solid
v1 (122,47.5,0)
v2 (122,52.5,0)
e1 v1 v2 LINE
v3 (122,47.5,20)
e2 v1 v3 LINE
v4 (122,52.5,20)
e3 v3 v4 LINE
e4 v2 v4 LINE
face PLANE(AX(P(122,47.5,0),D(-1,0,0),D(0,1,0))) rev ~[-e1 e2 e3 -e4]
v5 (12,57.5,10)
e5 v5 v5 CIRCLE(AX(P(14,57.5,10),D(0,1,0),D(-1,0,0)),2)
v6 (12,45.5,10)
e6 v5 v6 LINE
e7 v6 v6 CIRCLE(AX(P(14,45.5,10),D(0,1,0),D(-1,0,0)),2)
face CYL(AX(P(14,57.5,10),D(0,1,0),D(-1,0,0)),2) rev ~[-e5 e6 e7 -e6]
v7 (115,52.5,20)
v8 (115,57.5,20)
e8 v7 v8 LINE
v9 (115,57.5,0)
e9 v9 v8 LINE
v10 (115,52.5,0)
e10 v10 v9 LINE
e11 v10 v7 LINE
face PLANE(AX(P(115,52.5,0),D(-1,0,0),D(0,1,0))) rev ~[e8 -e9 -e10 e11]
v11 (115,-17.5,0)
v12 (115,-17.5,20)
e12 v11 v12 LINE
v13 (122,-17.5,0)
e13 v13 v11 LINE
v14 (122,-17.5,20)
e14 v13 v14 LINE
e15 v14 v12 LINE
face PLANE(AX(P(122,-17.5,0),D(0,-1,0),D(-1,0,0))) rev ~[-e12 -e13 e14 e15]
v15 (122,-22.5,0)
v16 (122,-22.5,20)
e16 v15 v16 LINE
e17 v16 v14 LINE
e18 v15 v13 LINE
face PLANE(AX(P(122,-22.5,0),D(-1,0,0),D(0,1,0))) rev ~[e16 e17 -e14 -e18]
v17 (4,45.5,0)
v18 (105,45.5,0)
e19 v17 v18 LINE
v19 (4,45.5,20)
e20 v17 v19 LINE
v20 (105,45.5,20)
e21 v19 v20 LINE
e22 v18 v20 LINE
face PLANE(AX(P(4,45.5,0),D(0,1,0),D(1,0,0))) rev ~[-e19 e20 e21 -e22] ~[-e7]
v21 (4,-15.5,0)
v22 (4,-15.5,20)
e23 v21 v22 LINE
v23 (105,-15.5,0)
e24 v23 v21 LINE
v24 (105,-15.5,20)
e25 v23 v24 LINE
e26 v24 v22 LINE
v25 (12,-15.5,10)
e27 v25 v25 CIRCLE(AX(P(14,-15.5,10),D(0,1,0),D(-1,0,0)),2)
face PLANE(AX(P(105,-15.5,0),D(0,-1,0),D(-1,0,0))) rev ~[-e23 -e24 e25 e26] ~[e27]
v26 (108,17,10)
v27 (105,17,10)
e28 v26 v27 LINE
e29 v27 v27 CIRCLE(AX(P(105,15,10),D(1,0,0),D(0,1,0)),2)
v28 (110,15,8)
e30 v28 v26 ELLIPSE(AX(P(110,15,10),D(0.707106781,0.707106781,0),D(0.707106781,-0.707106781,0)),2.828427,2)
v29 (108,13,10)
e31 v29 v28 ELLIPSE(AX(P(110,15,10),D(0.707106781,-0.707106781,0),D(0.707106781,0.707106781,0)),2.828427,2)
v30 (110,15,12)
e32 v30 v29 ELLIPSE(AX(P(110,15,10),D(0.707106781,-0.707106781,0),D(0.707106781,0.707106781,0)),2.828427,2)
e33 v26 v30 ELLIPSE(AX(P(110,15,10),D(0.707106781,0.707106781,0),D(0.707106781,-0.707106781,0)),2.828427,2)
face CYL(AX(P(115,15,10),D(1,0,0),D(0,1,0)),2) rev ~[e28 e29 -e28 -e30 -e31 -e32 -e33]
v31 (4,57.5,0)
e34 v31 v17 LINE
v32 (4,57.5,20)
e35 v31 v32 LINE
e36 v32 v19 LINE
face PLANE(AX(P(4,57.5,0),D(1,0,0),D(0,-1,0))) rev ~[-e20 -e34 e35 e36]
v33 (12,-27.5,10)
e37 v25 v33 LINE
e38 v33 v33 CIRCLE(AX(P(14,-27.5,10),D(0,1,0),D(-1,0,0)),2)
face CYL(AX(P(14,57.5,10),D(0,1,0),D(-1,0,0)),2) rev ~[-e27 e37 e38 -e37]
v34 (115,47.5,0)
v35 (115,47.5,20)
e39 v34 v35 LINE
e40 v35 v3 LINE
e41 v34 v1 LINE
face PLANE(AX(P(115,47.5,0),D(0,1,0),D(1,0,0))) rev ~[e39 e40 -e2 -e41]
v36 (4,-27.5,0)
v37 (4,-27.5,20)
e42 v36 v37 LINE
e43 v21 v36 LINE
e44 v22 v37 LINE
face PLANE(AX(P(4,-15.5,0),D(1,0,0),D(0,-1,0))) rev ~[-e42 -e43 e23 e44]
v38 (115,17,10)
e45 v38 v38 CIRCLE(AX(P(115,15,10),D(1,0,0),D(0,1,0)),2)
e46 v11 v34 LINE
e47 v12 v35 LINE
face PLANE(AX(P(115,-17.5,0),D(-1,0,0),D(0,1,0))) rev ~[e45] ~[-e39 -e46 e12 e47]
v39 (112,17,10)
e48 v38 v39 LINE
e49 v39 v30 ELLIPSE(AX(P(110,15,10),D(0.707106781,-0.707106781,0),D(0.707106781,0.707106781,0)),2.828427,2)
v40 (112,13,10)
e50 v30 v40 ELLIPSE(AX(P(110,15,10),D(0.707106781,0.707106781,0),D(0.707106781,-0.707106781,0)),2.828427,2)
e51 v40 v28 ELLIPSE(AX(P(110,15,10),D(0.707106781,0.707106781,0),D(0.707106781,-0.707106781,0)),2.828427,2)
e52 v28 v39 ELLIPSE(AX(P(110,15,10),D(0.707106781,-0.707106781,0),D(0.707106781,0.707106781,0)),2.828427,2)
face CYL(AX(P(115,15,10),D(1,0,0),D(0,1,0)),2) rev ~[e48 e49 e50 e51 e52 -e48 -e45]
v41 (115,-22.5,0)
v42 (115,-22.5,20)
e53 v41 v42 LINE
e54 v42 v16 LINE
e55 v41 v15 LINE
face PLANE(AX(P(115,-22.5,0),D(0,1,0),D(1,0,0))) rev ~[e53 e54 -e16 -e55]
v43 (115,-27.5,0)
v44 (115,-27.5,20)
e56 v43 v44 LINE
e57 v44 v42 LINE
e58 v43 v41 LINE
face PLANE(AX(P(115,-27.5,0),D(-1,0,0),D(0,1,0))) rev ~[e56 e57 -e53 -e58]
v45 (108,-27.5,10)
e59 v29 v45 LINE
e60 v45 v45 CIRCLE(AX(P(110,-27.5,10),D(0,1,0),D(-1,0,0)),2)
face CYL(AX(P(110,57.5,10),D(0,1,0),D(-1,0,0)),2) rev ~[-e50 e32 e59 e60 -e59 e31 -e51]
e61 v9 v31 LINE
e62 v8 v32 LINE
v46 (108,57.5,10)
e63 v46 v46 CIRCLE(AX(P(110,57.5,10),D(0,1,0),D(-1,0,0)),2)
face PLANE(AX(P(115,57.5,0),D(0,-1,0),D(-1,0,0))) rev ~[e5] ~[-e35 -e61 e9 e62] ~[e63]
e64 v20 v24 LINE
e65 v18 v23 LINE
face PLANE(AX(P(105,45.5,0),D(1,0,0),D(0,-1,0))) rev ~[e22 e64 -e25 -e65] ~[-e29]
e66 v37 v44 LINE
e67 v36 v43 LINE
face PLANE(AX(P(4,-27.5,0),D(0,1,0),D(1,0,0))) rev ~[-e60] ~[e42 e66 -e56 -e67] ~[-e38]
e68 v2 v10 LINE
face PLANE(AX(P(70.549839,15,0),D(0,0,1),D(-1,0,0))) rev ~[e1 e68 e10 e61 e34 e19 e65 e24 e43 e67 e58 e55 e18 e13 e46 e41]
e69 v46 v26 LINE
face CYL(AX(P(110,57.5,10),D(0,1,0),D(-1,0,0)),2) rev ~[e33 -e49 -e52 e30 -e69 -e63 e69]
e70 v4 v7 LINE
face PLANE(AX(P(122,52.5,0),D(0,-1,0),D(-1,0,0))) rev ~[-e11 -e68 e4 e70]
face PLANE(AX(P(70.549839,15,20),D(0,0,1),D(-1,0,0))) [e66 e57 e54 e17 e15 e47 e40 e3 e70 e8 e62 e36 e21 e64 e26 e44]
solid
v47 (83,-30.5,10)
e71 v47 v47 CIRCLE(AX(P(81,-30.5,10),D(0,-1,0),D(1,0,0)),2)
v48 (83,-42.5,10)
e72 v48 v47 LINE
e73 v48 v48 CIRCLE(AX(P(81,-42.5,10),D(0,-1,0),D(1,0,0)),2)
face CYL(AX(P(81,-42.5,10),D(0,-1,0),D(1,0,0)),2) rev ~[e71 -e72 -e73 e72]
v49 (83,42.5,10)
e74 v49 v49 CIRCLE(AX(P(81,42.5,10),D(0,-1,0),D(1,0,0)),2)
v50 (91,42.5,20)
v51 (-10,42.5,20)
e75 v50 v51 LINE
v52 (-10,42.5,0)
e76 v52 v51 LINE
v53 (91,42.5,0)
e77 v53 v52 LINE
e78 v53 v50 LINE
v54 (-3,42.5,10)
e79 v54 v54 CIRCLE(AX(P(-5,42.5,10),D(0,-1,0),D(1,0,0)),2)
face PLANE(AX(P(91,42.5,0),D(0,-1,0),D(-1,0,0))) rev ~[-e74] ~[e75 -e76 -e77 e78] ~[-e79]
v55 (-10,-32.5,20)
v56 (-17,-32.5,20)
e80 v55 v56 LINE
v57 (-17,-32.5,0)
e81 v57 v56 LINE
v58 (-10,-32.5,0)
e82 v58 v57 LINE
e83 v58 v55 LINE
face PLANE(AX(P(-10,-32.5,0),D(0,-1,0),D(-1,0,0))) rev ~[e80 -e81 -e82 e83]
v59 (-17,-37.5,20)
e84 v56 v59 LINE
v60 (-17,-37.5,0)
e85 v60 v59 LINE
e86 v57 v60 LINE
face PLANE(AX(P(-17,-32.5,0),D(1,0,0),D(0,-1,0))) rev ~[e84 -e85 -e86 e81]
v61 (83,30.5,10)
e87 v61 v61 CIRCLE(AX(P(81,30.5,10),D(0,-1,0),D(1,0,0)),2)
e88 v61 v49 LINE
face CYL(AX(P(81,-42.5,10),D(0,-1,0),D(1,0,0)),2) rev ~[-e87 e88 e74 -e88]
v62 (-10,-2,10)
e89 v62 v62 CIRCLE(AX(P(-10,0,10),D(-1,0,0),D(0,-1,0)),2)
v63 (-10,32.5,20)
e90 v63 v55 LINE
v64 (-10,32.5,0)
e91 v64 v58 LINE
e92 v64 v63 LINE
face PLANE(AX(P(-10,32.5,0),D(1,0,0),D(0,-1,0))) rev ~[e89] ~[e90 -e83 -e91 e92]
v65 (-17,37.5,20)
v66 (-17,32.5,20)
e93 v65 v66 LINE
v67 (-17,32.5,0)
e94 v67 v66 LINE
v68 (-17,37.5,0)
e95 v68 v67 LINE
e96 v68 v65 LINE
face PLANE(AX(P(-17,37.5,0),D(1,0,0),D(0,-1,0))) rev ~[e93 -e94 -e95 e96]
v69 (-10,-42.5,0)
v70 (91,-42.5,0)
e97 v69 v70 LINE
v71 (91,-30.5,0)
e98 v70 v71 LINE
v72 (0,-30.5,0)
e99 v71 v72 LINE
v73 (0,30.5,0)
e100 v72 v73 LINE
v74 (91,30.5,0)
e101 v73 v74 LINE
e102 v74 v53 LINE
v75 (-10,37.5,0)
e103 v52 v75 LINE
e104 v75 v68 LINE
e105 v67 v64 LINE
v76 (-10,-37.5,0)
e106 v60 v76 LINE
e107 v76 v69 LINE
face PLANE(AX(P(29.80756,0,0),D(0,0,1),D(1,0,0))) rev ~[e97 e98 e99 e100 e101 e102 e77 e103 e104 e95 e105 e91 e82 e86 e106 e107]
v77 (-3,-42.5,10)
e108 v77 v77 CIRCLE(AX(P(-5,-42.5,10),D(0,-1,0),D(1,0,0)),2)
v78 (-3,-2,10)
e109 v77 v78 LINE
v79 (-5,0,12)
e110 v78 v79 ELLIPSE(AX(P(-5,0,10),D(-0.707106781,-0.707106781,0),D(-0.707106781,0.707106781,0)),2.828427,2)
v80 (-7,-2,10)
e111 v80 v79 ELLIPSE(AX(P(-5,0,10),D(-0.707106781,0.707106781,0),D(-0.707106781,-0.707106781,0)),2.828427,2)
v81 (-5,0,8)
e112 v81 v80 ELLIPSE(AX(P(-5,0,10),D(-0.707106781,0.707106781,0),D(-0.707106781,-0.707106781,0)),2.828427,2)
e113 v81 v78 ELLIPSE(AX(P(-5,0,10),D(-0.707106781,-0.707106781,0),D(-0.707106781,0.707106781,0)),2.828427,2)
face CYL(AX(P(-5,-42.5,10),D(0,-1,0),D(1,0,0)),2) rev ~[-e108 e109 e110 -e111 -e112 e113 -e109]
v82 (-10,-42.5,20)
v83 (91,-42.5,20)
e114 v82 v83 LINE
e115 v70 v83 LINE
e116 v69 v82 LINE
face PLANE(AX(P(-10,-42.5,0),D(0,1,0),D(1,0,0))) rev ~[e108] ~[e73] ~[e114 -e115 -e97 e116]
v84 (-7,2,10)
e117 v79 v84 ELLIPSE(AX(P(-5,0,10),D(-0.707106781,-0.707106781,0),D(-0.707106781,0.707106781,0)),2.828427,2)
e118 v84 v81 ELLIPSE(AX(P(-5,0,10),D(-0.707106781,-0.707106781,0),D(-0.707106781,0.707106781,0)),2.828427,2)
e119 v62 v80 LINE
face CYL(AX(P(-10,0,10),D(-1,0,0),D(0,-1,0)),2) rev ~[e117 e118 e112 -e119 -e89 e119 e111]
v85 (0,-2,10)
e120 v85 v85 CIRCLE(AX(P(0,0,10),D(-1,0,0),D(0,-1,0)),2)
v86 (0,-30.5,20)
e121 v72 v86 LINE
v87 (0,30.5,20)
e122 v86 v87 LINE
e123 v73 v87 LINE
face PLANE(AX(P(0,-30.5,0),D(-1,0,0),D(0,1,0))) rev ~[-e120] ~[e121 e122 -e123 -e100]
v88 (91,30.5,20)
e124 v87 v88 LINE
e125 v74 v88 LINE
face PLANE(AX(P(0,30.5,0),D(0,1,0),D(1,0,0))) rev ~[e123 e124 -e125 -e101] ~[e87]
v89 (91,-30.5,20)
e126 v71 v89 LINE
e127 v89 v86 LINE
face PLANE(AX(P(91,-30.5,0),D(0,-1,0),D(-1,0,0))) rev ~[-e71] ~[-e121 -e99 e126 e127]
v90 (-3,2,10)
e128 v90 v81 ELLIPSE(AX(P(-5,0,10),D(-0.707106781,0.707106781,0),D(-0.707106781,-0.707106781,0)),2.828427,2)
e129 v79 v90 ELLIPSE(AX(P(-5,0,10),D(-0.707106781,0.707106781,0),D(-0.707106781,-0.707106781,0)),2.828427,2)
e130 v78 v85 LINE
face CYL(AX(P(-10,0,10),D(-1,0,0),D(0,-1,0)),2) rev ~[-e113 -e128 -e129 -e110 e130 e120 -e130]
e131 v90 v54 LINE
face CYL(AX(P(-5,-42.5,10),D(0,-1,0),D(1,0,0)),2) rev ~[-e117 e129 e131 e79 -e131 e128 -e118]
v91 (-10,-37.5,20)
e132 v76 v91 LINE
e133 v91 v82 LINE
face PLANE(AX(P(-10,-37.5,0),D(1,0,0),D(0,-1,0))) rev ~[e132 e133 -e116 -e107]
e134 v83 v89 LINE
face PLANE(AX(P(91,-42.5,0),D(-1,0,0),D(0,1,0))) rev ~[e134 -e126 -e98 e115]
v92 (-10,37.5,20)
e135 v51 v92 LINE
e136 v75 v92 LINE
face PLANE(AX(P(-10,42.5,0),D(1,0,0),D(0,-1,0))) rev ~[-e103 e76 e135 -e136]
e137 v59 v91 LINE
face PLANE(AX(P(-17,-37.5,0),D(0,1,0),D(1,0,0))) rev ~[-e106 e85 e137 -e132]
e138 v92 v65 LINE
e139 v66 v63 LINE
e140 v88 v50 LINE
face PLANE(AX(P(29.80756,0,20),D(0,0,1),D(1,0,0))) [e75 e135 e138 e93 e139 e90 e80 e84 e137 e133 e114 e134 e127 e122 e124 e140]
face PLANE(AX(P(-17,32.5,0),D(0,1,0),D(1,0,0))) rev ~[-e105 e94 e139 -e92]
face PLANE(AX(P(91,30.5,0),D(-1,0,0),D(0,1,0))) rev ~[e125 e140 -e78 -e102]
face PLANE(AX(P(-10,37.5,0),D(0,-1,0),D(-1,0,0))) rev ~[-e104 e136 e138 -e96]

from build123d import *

# Parameters (mm, degrees)
PAD_DEPTH       = 20
SKETCH004_R     = 2
POCKET002_DEPTH = 101.001
SKETCH005_R     = 2
POCKET003_DEPTH = 85.001
PAD001_DEPTH    = 20
SKETCH007_R     = 2
POCKET004_DEPTH = 111.001
SKETCH008_R     = 2
POCKET005_DEPTH = 85.001


with BuildPart() as soporte_agujero_superior_lateral:
    # Sketch → Pad (new body)
    with BuildSketch(Plane.XY):
        Polygon((-10, -42.5), (91, -42.5), (91, -30.5), (0, -30.5), (0, 30.5), (91, 30.5), (91, 42.5), (-10, 42.5), (-10, 37.5), (-17, 37.5), (-17, 32.5), (-10, 32.5), (-10, -32.5), (-17, -32.5), (-17, -37.5), (-10, -37.5), align=None)
    extrude(amount=PAD_DEPTH)

    # Sketch004 → Pocket002 (cut, through all)
    with BuildSketch(Plane(origin=(-10, 0, 0), x_dir=(0, -1, 0), z_dir=(-1, 0, 0))):
        with Locations((0, 10)):
            Circle(SKETCH004_R)
    extrude(amount=-POCKET002_DEPTH, mode=Mode.SUBTRACT)

    # Sketch005 → Pocket003 (cut, through all)
    with BuildSketch(Plane.XZ.offset(42.5)):
        with Locations((-5, 10)):
            Circle(SKETCH005_R)
        with Locations((81, 10)):
            Circle(SKETCH005_R)
    extrude(amount=-POCKET003_DEPTH, mode=Mode.SUBTRACT)


with BuildPart() as soporte_agujero_superior_lateral001:
    # Sketch006 → Pad001 (new body)
    with BuildSketch(Plane(origin=(105, 15, 0), x_dir=(-1, 0, 0), z_dir=(0, 0, 1))):
        Polygon((-10, -42.5), (101, -42.5), (101, -30.5), (0, -30.5), (0, 30.5), (101, 30.5), (101, 42.5), (-10, 42.5), (-10, 37.5), (-17, 37.5), (-17, 32.5), (-10, 32.5), (-10, -32.5), (-17, -32.5), (-17, -37.5), (-10, -37.5), align=None)
    extrude(amount=PAD001_DEPTH)

    # Sketch007 → Pocket004 (cut, through all)
    with BuildSketch(Plane(origin=(115, 15, 0), x_dir=(0, 1, 0), z_dir=(1, 0, 0))):
        with Locations((0, 10)):
            Circle(SKETCH007_R)
    extrude(amount=-POCKET004_DEPTH, mode=Mode.SUBTRACT)

    # Sketch008 → Pocket005 (cut, through all)
    with BuildSketch(Plane(origin=(105, 57.5, 0), x_dir=(-1, 0, 0), z_dir=(0, 1, 0))):
        with Locations((-5, 10)):
            Circle(SKETCH008_R)
        with Locations((91, 10)):
            Circle(SKETCH008_R)
    extrude(amount=-POCKET005_DEPTH, mode=Mode.SUBTRACT)


solid = Compound([soporte_agujero_superior_lateral.part, soporte_agujero_superior_lateral001.part])
